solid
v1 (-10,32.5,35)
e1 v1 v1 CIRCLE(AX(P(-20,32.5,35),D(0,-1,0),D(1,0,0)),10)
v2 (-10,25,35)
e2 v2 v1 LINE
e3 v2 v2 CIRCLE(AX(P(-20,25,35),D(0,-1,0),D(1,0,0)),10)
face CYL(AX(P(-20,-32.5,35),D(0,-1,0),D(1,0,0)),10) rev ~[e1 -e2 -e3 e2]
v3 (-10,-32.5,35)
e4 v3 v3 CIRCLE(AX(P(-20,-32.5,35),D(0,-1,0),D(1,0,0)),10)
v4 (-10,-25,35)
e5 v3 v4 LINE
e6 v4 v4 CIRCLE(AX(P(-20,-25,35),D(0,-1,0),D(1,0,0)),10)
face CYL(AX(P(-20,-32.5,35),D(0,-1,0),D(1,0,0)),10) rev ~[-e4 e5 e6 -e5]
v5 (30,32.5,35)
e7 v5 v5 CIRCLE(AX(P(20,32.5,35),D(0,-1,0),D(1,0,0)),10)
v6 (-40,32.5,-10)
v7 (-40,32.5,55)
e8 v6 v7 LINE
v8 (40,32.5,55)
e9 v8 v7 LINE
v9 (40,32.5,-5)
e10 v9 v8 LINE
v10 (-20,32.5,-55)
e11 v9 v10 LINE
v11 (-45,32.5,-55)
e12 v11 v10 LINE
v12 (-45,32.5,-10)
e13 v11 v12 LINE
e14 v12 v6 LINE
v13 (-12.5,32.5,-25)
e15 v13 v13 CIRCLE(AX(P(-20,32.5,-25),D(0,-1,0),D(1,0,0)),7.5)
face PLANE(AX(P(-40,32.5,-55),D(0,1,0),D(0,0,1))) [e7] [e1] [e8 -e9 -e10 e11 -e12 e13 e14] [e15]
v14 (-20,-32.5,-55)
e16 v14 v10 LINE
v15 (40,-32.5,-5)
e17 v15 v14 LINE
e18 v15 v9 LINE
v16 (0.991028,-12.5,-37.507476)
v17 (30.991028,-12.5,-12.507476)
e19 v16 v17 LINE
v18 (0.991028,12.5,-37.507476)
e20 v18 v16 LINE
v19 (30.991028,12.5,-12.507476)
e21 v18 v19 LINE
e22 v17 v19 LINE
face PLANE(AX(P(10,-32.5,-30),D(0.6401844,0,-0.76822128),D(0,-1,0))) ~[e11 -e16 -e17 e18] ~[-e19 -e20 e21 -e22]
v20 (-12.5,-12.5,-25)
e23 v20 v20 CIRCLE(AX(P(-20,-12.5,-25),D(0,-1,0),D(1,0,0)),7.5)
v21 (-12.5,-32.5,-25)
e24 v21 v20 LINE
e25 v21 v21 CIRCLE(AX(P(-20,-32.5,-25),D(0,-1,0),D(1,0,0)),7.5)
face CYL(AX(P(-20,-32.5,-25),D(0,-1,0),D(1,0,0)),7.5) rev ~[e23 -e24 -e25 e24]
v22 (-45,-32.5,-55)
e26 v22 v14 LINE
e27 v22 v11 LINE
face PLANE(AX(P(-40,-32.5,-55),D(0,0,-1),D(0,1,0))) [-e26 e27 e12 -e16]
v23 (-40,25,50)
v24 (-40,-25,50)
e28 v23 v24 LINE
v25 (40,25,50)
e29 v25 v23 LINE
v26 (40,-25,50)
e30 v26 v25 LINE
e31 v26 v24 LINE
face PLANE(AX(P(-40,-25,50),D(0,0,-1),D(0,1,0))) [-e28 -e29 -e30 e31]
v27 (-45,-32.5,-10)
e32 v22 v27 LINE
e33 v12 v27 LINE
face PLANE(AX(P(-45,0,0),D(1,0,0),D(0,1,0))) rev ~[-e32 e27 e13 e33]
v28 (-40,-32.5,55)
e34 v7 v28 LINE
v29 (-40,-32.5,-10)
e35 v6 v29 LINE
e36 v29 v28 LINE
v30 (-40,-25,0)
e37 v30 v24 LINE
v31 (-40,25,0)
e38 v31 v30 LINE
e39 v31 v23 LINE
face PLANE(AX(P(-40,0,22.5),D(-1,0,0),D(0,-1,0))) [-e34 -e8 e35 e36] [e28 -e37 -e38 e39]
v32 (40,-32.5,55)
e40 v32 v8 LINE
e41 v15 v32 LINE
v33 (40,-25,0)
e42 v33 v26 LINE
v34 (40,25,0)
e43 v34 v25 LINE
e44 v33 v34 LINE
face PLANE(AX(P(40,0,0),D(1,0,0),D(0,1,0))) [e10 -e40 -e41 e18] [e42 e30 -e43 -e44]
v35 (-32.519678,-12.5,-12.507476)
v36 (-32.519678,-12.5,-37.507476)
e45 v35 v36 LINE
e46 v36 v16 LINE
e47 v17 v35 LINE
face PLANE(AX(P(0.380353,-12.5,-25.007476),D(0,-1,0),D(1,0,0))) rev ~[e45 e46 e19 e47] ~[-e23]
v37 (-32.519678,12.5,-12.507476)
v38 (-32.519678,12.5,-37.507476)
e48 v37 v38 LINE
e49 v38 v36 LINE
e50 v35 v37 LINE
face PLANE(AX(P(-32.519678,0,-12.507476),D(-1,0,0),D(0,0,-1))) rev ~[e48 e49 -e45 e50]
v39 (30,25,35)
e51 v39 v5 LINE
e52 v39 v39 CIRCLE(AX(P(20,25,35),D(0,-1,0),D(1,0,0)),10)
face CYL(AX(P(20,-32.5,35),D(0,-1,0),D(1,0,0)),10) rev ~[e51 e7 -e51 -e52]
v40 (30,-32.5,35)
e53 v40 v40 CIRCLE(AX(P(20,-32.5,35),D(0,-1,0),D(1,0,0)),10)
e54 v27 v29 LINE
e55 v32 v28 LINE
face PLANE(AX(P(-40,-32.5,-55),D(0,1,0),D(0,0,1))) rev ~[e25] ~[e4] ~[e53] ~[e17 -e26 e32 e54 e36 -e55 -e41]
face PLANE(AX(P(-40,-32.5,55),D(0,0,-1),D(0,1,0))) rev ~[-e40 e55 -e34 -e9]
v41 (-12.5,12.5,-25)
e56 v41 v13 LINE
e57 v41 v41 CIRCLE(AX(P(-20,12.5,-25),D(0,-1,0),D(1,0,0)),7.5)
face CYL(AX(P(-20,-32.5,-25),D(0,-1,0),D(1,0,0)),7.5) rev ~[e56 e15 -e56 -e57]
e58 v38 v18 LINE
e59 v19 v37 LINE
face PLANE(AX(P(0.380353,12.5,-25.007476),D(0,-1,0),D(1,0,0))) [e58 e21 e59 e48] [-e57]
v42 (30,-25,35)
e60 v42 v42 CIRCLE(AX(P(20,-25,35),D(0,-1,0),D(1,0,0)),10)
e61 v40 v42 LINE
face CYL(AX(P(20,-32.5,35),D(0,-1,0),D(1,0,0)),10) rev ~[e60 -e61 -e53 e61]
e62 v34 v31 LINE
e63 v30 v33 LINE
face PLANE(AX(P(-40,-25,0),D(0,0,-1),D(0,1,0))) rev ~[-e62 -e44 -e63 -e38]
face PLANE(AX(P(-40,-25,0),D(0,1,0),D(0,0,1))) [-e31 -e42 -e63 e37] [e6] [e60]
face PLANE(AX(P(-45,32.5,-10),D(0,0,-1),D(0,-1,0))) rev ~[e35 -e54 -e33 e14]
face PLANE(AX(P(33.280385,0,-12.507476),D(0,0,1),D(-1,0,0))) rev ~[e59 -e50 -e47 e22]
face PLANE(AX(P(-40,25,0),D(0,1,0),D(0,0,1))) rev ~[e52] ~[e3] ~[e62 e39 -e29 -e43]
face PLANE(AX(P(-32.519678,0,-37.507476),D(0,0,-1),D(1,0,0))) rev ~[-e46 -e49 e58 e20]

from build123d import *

# Parameters (mm, degrees)
F0_W      = 65
F0_H      = 110
F1_DEPTH  = 40
F2_SIZE2  = 60
F2_SIZE   = 50
F3_R      = 10
F3_R_2    = 7.5
F4_DEPTH  = 65
F5_W      = 50
F5_H      = 50
F6_DEPTH  = 80
F7_DEPTH  = 5
F8_W      = 65
F8_H      = 65
F8_W_2    = 50
F8_H_2    = 50
F9_DEPTH  = 5
F11_DEPTH = 12.5


with BuildPart() as f1:
    # F0 (on Right) → F1 (new body, symmetric)
    with BuildSketch(Plane.YZ):
        Rectangle(F0_W, F0_H)
    extrude(amount=F1_DEPTH, both=True)

    # F2
    f2_edges = [f1.edges().sort_by_distance(p)[0] for p in [
        (40, 0, -55),
    ]]
    f2_side = f1.faces().sort_by_distance((40, 0, 0))[0]
    chamfer(f2_edges, length=F2_SIZE, length2=F2_SIZE2, reference=f2_side)

    # F3 (on face) → F4 (cut, through all)
    with BuildSketch(Plane.XZ.offset(32.5)):
        with Locations((-20, 35)):
            Circle(F3_R)
        with Locations((20, 35)):
            Circle(F3_R)
        with Locations((-20, -25)):
            Circle(F3_R_2)
    extrude(amount=-F4_DEPTH, mode=Mode.SUBTRACT)

    # F5 (on face) → F6 (cut, through all)
    with BuildSketch(Plane.YZ.offset(40)):
        with Locations((0, 25)):
            Rectangle(F5_W, F5_H)
    extrude(amount=-F6_DEPTH, mode=Mode.SUBTRACT)

    # F7 (add): a face of the model
    f7_faces = [f1.faces().sort_by_distance(p)[0] for p in [
        (-40, 0, -13.4408602151),
    ]]
    extrude(f7_faces, amount=F7_DEPTH)

    # F8 (on face) → F9 (cut)
    with BuildSketch(Plane(origin=(-45, 0, 0), x_dir=(0, -1, 0), z_dir=(-1, 0, 0))):
        with Locations((0, 22.5)):
            Rectangle(F8_W, F8_H)
        with Locations((0, 25)):
            Rectangle(F8_W_2, F8_H_2, mode=Mode.SUBTRACT)
    extrude(amount=-F9_DEPTH, mode=Mode.SUBTRACT)

    # F10 (on Front) → F11 (cut, symmetric)
    with BuildSketch(Plane.XZ):
        Polygon((-32.5196777628, -12.5074763466), (-32.5196777628, -24.9999955257), (-32.5196777628, -37.5074763466), (33.280384575, -37.5074763466), (33.280384575, -12.5074763466), align=None)
    extrude(amount=F11_DEPTH, both=True, mode=Mode.SUBTRACT)


solid = f1.part
